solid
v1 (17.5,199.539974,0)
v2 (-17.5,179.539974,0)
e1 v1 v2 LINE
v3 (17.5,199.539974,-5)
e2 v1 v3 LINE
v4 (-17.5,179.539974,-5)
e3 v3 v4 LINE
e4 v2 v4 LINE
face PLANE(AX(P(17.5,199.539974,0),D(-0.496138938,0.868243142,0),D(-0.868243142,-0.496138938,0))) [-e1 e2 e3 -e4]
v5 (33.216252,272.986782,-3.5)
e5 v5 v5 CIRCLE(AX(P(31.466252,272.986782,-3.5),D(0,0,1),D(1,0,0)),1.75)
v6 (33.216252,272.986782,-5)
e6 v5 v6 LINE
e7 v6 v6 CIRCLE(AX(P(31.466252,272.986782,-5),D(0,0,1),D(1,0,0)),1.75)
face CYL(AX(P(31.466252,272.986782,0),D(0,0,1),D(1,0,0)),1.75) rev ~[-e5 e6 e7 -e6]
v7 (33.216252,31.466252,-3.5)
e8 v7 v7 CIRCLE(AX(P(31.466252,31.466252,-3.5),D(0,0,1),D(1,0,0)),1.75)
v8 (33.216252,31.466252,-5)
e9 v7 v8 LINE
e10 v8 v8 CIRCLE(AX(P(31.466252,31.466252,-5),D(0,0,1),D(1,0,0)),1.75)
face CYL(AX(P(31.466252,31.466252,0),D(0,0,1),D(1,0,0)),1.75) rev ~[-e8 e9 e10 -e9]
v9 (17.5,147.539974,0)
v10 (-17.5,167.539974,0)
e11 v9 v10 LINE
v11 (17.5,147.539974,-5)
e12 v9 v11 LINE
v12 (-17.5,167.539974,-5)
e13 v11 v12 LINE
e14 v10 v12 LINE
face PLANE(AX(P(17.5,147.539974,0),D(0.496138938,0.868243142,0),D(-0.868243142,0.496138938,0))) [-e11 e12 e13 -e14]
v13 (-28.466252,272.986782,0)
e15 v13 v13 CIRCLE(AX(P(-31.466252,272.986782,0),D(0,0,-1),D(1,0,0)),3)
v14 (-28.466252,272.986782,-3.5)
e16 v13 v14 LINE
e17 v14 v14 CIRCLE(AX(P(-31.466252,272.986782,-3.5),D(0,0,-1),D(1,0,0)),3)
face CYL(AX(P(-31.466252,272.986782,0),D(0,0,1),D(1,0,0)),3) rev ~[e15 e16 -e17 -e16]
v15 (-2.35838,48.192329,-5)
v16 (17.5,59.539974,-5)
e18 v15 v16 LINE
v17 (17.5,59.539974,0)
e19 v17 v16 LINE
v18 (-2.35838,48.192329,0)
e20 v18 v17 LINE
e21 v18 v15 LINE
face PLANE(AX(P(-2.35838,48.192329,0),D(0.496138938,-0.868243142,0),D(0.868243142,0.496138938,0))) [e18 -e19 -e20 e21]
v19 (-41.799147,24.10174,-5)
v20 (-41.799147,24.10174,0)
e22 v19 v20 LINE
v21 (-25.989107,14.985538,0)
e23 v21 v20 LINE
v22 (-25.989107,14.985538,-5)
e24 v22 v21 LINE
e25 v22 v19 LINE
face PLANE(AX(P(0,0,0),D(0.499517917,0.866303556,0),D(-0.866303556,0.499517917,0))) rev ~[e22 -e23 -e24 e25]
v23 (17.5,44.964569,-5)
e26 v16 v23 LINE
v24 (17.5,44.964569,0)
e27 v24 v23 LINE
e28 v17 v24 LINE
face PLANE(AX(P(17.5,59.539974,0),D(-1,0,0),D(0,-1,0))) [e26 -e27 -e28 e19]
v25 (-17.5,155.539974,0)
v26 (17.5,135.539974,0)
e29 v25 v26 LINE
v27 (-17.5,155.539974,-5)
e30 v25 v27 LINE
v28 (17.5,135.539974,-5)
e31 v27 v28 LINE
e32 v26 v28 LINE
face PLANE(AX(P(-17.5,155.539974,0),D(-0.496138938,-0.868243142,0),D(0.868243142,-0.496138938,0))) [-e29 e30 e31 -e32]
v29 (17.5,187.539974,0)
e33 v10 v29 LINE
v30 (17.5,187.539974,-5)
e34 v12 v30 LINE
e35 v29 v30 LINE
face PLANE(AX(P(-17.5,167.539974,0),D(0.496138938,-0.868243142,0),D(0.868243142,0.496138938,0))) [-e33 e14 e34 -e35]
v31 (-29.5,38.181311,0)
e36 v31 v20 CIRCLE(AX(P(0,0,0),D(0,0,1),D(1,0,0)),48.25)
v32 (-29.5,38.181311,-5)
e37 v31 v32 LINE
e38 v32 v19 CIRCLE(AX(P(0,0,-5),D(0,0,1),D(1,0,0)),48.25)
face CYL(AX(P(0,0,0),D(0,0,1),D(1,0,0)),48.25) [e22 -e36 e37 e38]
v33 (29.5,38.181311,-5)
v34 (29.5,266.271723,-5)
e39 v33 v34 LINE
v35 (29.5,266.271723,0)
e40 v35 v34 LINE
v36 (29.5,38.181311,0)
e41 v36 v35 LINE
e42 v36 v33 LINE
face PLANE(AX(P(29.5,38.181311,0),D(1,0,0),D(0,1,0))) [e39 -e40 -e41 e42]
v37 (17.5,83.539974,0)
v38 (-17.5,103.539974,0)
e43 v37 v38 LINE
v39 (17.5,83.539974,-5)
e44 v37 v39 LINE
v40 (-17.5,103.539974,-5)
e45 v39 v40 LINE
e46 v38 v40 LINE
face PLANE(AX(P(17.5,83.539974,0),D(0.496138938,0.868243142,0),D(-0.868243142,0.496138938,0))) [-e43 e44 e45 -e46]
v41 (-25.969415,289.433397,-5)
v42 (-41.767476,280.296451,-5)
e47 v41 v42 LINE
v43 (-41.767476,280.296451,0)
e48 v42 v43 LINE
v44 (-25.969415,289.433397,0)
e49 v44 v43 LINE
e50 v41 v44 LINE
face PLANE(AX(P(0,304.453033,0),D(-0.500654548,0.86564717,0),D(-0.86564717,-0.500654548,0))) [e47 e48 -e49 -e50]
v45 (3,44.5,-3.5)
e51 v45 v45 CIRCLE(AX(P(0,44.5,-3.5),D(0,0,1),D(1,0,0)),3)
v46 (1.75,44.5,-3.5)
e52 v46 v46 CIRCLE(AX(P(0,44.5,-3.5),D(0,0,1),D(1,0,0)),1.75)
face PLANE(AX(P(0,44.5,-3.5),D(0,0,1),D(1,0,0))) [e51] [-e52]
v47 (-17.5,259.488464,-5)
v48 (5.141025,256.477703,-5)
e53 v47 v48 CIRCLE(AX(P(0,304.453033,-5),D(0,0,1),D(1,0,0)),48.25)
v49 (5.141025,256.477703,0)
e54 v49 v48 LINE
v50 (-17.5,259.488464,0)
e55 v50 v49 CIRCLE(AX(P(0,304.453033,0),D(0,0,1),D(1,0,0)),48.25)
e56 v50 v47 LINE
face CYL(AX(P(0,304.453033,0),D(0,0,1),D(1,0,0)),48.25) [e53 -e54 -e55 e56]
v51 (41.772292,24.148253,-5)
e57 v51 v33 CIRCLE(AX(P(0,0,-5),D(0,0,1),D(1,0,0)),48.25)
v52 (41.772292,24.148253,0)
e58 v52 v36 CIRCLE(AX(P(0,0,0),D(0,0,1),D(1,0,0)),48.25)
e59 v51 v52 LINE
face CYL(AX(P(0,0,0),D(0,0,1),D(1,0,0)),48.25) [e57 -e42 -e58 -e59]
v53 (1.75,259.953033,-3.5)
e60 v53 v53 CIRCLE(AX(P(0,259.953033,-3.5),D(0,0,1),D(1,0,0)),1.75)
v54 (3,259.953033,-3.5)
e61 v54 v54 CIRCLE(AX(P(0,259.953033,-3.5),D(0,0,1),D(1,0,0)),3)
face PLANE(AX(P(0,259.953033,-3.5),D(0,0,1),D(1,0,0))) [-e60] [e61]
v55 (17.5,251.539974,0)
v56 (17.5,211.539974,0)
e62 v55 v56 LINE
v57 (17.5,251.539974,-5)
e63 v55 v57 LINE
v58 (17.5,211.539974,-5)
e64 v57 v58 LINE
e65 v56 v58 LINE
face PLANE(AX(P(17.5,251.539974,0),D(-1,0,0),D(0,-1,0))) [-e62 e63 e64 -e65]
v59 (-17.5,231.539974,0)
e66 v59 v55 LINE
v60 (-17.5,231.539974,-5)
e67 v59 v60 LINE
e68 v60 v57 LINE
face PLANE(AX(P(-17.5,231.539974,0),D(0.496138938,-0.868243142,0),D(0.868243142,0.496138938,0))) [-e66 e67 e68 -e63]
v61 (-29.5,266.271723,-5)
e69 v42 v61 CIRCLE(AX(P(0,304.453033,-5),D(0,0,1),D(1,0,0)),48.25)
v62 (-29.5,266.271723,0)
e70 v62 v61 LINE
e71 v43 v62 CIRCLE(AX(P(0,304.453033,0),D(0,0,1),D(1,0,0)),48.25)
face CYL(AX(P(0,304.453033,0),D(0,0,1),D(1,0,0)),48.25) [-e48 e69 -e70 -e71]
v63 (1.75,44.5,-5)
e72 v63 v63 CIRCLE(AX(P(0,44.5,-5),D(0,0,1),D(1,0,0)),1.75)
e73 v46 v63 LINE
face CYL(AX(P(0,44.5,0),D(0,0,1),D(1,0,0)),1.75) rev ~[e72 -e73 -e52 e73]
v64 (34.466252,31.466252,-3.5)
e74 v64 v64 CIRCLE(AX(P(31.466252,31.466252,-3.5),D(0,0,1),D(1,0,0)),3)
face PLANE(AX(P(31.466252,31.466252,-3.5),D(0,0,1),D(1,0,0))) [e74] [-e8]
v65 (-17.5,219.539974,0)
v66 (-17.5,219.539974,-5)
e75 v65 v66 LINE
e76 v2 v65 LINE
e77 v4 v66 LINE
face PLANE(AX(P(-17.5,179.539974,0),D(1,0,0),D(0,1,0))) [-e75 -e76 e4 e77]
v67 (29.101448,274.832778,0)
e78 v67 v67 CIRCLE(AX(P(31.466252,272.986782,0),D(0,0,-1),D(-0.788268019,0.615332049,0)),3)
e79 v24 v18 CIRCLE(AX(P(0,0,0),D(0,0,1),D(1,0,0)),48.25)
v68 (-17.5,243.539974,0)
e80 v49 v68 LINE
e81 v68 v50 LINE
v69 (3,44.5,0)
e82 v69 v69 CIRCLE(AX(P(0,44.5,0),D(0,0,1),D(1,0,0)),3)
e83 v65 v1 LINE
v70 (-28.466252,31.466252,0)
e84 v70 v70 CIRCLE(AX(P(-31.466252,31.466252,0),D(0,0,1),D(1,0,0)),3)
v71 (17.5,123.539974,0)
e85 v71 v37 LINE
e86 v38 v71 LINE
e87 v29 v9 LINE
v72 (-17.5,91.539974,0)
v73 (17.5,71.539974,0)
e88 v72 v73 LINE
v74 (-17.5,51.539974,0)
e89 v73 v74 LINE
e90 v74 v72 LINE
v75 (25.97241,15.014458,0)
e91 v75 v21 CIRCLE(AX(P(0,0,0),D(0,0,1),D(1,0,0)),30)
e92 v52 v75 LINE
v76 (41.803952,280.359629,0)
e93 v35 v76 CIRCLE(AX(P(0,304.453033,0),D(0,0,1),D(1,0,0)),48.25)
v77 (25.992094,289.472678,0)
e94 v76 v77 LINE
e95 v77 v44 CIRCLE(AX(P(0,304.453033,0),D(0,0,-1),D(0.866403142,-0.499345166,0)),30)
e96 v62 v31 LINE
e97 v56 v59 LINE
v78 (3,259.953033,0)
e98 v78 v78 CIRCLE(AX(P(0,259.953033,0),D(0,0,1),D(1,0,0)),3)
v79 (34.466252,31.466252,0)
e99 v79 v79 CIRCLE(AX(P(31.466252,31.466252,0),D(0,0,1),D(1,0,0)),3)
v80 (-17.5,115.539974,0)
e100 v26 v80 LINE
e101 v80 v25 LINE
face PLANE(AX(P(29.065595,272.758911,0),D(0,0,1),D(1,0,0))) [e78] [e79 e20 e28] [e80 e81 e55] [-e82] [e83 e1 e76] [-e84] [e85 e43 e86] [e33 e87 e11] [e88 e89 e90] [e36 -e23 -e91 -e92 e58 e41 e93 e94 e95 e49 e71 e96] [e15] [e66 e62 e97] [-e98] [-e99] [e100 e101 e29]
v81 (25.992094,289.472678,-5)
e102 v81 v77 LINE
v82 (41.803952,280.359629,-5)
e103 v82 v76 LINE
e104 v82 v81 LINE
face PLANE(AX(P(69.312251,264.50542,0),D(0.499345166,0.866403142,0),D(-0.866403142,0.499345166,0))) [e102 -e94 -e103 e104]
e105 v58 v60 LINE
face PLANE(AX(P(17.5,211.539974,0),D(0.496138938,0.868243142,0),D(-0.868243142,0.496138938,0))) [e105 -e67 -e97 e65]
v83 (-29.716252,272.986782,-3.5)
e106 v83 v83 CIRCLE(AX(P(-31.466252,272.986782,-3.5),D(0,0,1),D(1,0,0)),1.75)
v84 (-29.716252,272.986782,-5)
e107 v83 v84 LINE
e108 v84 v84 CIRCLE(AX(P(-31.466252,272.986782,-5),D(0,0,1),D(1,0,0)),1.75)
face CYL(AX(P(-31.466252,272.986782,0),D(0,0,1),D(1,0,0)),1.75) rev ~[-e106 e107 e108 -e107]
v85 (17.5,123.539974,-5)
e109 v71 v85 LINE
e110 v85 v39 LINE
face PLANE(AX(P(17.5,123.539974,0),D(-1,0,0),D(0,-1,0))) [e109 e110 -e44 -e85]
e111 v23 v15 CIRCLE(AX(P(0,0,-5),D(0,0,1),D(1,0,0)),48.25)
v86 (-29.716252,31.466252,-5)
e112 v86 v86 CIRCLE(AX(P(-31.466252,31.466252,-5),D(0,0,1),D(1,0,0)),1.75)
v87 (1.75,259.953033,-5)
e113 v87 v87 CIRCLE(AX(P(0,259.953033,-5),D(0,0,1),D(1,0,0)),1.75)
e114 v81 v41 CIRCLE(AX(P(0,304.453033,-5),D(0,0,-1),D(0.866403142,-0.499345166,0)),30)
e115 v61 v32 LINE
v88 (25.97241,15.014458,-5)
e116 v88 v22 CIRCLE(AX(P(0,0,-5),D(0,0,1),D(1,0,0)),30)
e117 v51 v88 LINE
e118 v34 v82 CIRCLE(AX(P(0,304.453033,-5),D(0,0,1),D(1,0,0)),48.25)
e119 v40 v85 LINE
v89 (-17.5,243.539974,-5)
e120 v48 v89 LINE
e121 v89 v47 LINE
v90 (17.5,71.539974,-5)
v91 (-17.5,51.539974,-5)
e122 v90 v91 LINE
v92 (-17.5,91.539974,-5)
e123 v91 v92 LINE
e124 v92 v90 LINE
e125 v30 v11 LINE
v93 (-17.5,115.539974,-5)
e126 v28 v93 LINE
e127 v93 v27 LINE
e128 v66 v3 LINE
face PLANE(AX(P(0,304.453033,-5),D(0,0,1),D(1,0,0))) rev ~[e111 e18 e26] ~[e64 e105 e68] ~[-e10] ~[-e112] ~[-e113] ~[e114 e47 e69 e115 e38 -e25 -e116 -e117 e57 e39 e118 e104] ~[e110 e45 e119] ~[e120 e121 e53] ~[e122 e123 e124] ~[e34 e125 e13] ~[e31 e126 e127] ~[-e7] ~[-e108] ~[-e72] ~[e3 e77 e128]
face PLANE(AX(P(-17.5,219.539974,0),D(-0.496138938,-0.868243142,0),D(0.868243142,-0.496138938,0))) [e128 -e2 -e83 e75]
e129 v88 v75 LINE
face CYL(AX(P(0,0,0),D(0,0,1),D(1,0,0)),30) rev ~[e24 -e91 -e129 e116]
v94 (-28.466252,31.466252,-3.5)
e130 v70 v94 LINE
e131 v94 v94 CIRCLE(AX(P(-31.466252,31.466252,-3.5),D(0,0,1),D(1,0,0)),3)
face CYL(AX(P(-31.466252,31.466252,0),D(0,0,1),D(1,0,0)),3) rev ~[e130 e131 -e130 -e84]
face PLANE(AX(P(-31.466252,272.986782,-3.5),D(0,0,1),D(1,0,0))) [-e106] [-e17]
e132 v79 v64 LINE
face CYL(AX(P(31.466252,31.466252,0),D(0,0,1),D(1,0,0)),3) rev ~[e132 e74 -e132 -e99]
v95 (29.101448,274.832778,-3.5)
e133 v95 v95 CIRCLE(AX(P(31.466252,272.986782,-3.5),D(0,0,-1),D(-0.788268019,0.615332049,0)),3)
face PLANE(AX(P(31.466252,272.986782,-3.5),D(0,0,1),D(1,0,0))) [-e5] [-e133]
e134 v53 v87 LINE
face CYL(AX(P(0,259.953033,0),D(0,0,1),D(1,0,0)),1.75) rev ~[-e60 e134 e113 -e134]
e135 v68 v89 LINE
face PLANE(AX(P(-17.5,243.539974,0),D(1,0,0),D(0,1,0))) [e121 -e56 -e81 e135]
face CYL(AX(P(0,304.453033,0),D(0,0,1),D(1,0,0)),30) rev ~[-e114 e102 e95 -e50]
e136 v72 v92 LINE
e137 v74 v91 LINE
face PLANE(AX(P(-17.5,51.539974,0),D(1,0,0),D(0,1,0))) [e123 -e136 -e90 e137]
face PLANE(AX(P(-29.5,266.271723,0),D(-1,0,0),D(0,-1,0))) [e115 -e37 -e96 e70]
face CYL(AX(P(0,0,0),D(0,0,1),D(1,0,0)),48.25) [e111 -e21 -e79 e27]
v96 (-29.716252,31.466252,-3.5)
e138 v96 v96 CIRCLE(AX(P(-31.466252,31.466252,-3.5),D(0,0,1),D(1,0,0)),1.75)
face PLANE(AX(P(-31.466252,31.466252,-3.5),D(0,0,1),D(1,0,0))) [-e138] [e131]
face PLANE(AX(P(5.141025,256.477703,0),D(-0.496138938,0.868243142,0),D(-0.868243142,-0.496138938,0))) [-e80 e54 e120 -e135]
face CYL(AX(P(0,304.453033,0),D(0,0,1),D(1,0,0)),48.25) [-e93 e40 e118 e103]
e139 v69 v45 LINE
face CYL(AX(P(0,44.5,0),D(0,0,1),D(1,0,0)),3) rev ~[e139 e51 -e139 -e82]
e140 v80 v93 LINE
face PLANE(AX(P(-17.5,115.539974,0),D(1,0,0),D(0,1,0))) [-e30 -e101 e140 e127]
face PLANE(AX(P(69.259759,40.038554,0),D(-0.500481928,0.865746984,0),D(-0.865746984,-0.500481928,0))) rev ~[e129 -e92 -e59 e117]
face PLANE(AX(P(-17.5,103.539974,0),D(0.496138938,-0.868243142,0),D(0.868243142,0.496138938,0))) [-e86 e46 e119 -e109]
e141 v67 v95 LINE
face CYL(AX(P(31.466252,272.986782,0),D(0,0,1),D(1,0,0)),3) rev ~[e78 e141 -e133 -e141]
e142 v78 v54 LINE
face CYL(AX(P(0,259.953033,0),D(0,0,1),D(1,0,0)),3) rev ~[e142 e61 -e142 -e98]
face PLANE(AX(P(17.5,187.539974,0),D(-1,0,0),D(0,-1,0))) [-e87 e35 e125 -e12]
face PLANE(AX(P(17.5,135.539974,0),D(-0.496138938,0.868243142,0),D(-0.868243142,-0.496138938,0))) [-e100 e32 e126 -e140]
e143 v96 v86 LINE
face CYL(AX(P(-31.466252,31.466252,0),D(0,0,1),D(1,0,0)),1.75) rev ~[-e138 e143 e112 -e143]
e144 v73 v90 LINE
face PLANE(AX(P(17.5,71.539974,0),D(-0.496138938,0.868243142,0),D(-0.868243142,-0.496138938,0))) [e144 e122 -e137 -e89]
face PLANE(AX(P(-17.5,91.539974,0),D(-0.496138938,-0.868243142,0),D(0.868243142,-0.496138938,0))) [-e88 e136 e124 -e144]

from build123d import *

# Parameters (mm, degrees)
SKETCH1_R           = 48.25
BOSS_EXTRUDE1_DEPTH = 5
SKETCH2_W           = 17.162038191
SKETCH2_H           = 56.822210482
SKETCH2_W_2         = 16.152506533
SKETCH2_H_2         = 65.186901365
CUT_EXTRUDE1_DEPTH  = 8
SKETCH3_R           = 30
CUT_EXTRUDE2_DEPTH  = 8
SKETCH4_R           = 1.75
CUT_EXTRUDE3_DEPTH  = 10
SKETCH9_R           = 3
CUT_EXTRUDE4_DEPTH  = 3.5
SKETCH12_R          = 48.25
BOSS_EXTRUDE4_DEPTH = 5
SKETCH13_W          = 17.162038191
SKETCH13_H          = 240.265998925
SKETCH13_W_2        = 16.152506533
SKETCH13_H_2        = 226.18217938
CUT_EXTRUDE5_DEPTH  = 5
SKETCH14_R          = 30
CUT_EXTRUDE6_DEPTH  = 5
CUT_EXTRUDE7_DEPTH  = 5
CUT_EXTRUDE8_DEPTH  = 5
SKETCH19_R          = 1.75
CUT_EXTRUDE9_DEPTH  = 5
SKETCH20_R          = 3
CUT_EXTRUDE10_DEPTH = 3.5
BOSS_EXTRUDE5_DEPTH = 5
SKETCH21_R          = 30
CUT_EXTRUDE11_DEPTH = 5
SKETCH22_R          = 3
CUT_EXTRUDE12_DEPTH = 3.5


with BuildPart() as part:
    # Sketch1 → Boss-Extrude1 (new body)
    with BuildSketch(Plane.XY):
        Circle(SKETCH1_R)
    extrude(amount=-BOSS_EXTRUDE1_DEPTH)

    # Sketch2 → Cut-Extrude1 (cut)
    with BuildSketch(Plane.XY):
        with Locations((-54.831019095, 0)):
            Rectangle(SKETCH2_W, SKETCH2_H)
        with Locations((54.326253267, -4.182345442)):
            Rectangle(SKETCH2_W_2, SKETCH2_H_2)
    extrude(amount=-CUT_EXTRUDE1_DEPTH, mode=Mode.SUBTRACT)

    # Sketch3 → Cut-Extrude2 (cut)
    with BuildSketch(Plane.XY):
        Circle(SKETCH3_R)
    extrude(amount=-CUT_EXTRUDE2_DEPTH, mode=Mode.SUBTRACT)

    # Sketch4 → Cut-Extrude3 (cut)
    with BuildSketch(Plane.XY):
        with Locations((-42.5, 0)):
            Circle(SKETCH4_R)
        with Locations((0, -44.5)):
            Circle(SKETCH4_R)
        with Locations((0, 44.5)):
            Circle(SKETCH4_R)
        with Locations((42.5, 0)):
            Circle(SKETCH4_R)
        with Locations((-31.466251763, -31.466251763)):
            Circle(SKETCH4_R)
        with Locations((31.466251763, -31.466251763)):
            Circle(SKETCH4_R)
        with Locations((31.466251763, 31.466251763)):
            Circle(SKETCH4_R)
        with Locations((-31.466251763, 31.466251763)):
            Circle(SKETCH4_R)
    extrude(amount=-CUT_EXTRUDE3_DEPTH, mode=Mode.SUBTRACT)

    # Sketch9 → Cut-Extrude4 (cut)
    with BuildSketch(Plane.XY):
        with Locations((-42.5, 0)):
            Circle(SKETCH9_R)
        with Locations((42.5, 0)):
            Circle(SKETCH9_R)
        with Locations((31.466251763, 31.466251763)):
            Circle(SKETCH9_R)
        with Locations((-31.466251763, 31.466251763)):
            Circle(SKETCH9_R)
        with Locations((-31.466251763, -31.466251763)):
            Circle(SKETCH9_R)
        with Locations((31.466251763, -31.466251763)):
            Circle(SKETCH9_R)
        with Locations((0, -44.5)):
            Circle(SKETCH9_R)
        with Locations((0, 44.5)):
            Circle(SKETCH9_R)
    extrude(amount=-CUT_EXTRUDE4_DEPTH, mode=Mode.SUBTRACT)

    # Sketch17 → Cut-Extrude7 (cut)
    with BuildSketch(Plane.XY):
        Polygon((0, 0), (-69.304284442, 39.961433382), (-69.278270797, -65.322297693), (63.970930278, -62.407226987), (69.259758702, 40.038554227), align=None)
    extrude(amount=-CUT_EXTRUDE7_DEPTH, mode=Mode.SUBTRACT)



with BuildPart() as body_2:
    # Sketch12 → Boss-Extrude4 (new body)
    with BuildSketch(Plane.XY):
        with Locations((0, 304.453033425)):
            Circle(SKETCH12_R)
    extrude(amount=-BOSS_EXTRUDE4_DEPTH)

    # Sketch13 → Cut-Extrude5 (cut)
    with BuildSketch(Plane.XY):
        with Locations((-54.831019095, 316.834631882)):
            Rectangle(SKETCH13_W, SKETCH13_H)
        with Locations((54.326253267, 300.281083797)):
            Rectangle(SKETCH13_W_2, SKETCH13_H_2)
    extrude(amount=-CUT_EXTRUDE5_DEPTH, mode=Mode.SUBTRACT)

    # Sketch14 → Cut-Extrude6 (cut)
    with BuildSketch(Plane.XY):
        with Locations((0, 304.453033425)):
            Circle(SKETCH14_R)
    extrude(amount=-CUT_EXTRUDE6_DEPTH, mode=Mode.SUBTRACT)

    # Sketch18 → Cut-Extrude8 (cut)
    with BuildSketch(Plane.XY):
        Polygon((0, 304.453033425), (-69.251773631, 264.400669588), (-69.066382196, 357.511219566), (54.70167511, 362.333351669), (69.31225138, 264.505420122), align=None)
    extrude(amount=-CUT_EXTRUDE8_DEPTH, mode=Mode.SUBTRACT)

    # Sketch19 → Cut-Extrude9 (cut)
    with BuildSketch(Plane.XY):
        with Locations((0, 259.953033425)):
            Circle(SKETCH19_R)
        with Locations((-31.466251763, 272.986781662)):
            Circle(SKETCH19_R)
        with Locations((31.466251763, 272.986781662)):
            Circle(SKETCH19_R)
    extrude(amount=-CUT_EXTRUDE9_DEPTH, mode=Mode.SUBTRACT)

    # Sketch20 → Cut-Extrude10 (cut)
    with BuildSketch(Plane.XY):
        with Locations((-31.466251763, 272.986781662)):
            Circle(SKETCH20_R)
        with Locations((0, 259.953033425)):
            Circle(SKETCH20_R)
        with Locations((31.466251763, 272.986781662)):
            Circle(SKETCH20_R)
    extrude(amount=-CUT_EXTRUDE10_DEPTH, mode=Mode.SUBTRACT)


with BuildPart() as part_1:
    add(part.part)

    add(body_2.part)  # Boss-Extrude5 merges body 2
    # Sketch10 → Boss-Extrude5 (add)
    # profile 1 of 4: a face of its own
    with BuildSketch(Plane.XY):
        with BuildLine():
            Line((-17.5, 243.53997423), (-17.5, 259.48846404))
            ThreePointArc((-17.5, 259.48846404), (-23.743486454, 262.449350837), (-29.5, 266.271722552))
            Line((-29.5, 266.271722552), (-29.5, 38.181310873))
            ThreePointArc((-29.5, 38.181310873), (-16.697131744, 45.268844601), (-2.358379682, 48.192328697))
            Line((-2.358379682, 48.192328697), (17.5, 59.53997423))
            Line((17.5, 59.53997423), (17.5, 44.964569385))
            ThreePointArc((17.5, 44.964569385), (23.743486454, 42.003682588), (29.5, 38.181310873))
            Line((29.5, 38.181310873), (29.5, 266.271722552))
            ThreePointArc((29.5, 266.271722552), (17.999468175, 259.686062951), (5.141024697, 256.477702628))
            Line((5.141024697, 256.477702628), (-17.5, 243.53997423))
        make_face()
        Polygon((17.5, 251.53997423), (17.5, 211.53997423), (-17.5, 231.53997423), align=None, mode=Mode.SUBTRACT)
        Polygon((17.5, 187.53997423), (17.5, 147.53997423), (-17.5, 167.53997423), align=None, mode=Mode.SUBTRACT)
        Polygon((-17.5, 179.53997423), (-17.5, 219.53997423), (17.5, 199.53997423), align=None, mode=Mode.SUBTRACT)
        Polygon((17.5, 135.53997423), (-17.5, 115.53997423), (-17.5, 155.53997423), align=None, mode=Mode.SUBTRACT)
        Polygon((17.5, 123.53997423), (17.5, 83.53997423), (-17.5, 103.53997423), align=None, mode=Mode.SUBTRACT)
        Polygon((17.5, 71.53997423), (-17.5, 51.53997423), (-17.5, 91.53997423), align=None, mode=Mode.SUBTRACT)
    # profile 2 of 4: a face of its own
    with BuildSketch(Plane.XY):
        with BuildLine():
            ThreePointArc((29.101447707, 274.83277781), (28.479675874, 272.7032954), (29.490995443, 270.728826288))
            ThreePointArc((29.490995443, 270.728826288), (29.367996239, 272.787614912), (29.101447707, 274.83277781))
        make_face()
    # profile 3 of 4: a face of its own
    with BuildSketch(Plane.XY):
        with BuildLine():
            ThreePointArc((-29.101447707, 274.83277781), (-29.367996239, 272.787614912), (-29.490995443, 270.728826288))
            ThreePointArc((-29.490995443, 270.728826288), (-28.479675874, 272.7032954), (-29.101447707, 274.83277781))
        make_face()
    # profile 4 of 4: a face of its own
    with BuildSketch(Plane.XY):
        with BuildLine():
            ThreePointArc((-24.25254041, 286.794769533), (0, 274.453033425), (24.25254041, 286.794769533))
            ThreePointArc((24.25254041, 286.794769533), (0, 299.5), (-24.25254041, 286.794769533))
        make_face()
    extrude(amount=-BOSS_EXTRUDE5_DEPTH)

    # Sketch21 → Cut-Extrude11 (cut)
    with BuildSketch(Plane.XY):
        with Locations((0, 304.453033425)):
            Circle(SKETCH21_R)
    extrude(amount=-CUT_EXTRUDE11_DEPTH, mode=Mode.SUBTRACT)

    # Sketch22 → Cut-Extrude12 (cut)
    with BuildSketch(Plane.XY):
        with Locations((31.466251763, 272.986781662)):
            Circle(SKETCH22_R)
        with Locations((-31.466251763, 272.986781662)):
            Circle(SKETCH22_R)
    extrude(amount=-CUT_EXTRUDE12_DEPTH, mode=Mode.SUBTRACT)


solid = part_1.part
